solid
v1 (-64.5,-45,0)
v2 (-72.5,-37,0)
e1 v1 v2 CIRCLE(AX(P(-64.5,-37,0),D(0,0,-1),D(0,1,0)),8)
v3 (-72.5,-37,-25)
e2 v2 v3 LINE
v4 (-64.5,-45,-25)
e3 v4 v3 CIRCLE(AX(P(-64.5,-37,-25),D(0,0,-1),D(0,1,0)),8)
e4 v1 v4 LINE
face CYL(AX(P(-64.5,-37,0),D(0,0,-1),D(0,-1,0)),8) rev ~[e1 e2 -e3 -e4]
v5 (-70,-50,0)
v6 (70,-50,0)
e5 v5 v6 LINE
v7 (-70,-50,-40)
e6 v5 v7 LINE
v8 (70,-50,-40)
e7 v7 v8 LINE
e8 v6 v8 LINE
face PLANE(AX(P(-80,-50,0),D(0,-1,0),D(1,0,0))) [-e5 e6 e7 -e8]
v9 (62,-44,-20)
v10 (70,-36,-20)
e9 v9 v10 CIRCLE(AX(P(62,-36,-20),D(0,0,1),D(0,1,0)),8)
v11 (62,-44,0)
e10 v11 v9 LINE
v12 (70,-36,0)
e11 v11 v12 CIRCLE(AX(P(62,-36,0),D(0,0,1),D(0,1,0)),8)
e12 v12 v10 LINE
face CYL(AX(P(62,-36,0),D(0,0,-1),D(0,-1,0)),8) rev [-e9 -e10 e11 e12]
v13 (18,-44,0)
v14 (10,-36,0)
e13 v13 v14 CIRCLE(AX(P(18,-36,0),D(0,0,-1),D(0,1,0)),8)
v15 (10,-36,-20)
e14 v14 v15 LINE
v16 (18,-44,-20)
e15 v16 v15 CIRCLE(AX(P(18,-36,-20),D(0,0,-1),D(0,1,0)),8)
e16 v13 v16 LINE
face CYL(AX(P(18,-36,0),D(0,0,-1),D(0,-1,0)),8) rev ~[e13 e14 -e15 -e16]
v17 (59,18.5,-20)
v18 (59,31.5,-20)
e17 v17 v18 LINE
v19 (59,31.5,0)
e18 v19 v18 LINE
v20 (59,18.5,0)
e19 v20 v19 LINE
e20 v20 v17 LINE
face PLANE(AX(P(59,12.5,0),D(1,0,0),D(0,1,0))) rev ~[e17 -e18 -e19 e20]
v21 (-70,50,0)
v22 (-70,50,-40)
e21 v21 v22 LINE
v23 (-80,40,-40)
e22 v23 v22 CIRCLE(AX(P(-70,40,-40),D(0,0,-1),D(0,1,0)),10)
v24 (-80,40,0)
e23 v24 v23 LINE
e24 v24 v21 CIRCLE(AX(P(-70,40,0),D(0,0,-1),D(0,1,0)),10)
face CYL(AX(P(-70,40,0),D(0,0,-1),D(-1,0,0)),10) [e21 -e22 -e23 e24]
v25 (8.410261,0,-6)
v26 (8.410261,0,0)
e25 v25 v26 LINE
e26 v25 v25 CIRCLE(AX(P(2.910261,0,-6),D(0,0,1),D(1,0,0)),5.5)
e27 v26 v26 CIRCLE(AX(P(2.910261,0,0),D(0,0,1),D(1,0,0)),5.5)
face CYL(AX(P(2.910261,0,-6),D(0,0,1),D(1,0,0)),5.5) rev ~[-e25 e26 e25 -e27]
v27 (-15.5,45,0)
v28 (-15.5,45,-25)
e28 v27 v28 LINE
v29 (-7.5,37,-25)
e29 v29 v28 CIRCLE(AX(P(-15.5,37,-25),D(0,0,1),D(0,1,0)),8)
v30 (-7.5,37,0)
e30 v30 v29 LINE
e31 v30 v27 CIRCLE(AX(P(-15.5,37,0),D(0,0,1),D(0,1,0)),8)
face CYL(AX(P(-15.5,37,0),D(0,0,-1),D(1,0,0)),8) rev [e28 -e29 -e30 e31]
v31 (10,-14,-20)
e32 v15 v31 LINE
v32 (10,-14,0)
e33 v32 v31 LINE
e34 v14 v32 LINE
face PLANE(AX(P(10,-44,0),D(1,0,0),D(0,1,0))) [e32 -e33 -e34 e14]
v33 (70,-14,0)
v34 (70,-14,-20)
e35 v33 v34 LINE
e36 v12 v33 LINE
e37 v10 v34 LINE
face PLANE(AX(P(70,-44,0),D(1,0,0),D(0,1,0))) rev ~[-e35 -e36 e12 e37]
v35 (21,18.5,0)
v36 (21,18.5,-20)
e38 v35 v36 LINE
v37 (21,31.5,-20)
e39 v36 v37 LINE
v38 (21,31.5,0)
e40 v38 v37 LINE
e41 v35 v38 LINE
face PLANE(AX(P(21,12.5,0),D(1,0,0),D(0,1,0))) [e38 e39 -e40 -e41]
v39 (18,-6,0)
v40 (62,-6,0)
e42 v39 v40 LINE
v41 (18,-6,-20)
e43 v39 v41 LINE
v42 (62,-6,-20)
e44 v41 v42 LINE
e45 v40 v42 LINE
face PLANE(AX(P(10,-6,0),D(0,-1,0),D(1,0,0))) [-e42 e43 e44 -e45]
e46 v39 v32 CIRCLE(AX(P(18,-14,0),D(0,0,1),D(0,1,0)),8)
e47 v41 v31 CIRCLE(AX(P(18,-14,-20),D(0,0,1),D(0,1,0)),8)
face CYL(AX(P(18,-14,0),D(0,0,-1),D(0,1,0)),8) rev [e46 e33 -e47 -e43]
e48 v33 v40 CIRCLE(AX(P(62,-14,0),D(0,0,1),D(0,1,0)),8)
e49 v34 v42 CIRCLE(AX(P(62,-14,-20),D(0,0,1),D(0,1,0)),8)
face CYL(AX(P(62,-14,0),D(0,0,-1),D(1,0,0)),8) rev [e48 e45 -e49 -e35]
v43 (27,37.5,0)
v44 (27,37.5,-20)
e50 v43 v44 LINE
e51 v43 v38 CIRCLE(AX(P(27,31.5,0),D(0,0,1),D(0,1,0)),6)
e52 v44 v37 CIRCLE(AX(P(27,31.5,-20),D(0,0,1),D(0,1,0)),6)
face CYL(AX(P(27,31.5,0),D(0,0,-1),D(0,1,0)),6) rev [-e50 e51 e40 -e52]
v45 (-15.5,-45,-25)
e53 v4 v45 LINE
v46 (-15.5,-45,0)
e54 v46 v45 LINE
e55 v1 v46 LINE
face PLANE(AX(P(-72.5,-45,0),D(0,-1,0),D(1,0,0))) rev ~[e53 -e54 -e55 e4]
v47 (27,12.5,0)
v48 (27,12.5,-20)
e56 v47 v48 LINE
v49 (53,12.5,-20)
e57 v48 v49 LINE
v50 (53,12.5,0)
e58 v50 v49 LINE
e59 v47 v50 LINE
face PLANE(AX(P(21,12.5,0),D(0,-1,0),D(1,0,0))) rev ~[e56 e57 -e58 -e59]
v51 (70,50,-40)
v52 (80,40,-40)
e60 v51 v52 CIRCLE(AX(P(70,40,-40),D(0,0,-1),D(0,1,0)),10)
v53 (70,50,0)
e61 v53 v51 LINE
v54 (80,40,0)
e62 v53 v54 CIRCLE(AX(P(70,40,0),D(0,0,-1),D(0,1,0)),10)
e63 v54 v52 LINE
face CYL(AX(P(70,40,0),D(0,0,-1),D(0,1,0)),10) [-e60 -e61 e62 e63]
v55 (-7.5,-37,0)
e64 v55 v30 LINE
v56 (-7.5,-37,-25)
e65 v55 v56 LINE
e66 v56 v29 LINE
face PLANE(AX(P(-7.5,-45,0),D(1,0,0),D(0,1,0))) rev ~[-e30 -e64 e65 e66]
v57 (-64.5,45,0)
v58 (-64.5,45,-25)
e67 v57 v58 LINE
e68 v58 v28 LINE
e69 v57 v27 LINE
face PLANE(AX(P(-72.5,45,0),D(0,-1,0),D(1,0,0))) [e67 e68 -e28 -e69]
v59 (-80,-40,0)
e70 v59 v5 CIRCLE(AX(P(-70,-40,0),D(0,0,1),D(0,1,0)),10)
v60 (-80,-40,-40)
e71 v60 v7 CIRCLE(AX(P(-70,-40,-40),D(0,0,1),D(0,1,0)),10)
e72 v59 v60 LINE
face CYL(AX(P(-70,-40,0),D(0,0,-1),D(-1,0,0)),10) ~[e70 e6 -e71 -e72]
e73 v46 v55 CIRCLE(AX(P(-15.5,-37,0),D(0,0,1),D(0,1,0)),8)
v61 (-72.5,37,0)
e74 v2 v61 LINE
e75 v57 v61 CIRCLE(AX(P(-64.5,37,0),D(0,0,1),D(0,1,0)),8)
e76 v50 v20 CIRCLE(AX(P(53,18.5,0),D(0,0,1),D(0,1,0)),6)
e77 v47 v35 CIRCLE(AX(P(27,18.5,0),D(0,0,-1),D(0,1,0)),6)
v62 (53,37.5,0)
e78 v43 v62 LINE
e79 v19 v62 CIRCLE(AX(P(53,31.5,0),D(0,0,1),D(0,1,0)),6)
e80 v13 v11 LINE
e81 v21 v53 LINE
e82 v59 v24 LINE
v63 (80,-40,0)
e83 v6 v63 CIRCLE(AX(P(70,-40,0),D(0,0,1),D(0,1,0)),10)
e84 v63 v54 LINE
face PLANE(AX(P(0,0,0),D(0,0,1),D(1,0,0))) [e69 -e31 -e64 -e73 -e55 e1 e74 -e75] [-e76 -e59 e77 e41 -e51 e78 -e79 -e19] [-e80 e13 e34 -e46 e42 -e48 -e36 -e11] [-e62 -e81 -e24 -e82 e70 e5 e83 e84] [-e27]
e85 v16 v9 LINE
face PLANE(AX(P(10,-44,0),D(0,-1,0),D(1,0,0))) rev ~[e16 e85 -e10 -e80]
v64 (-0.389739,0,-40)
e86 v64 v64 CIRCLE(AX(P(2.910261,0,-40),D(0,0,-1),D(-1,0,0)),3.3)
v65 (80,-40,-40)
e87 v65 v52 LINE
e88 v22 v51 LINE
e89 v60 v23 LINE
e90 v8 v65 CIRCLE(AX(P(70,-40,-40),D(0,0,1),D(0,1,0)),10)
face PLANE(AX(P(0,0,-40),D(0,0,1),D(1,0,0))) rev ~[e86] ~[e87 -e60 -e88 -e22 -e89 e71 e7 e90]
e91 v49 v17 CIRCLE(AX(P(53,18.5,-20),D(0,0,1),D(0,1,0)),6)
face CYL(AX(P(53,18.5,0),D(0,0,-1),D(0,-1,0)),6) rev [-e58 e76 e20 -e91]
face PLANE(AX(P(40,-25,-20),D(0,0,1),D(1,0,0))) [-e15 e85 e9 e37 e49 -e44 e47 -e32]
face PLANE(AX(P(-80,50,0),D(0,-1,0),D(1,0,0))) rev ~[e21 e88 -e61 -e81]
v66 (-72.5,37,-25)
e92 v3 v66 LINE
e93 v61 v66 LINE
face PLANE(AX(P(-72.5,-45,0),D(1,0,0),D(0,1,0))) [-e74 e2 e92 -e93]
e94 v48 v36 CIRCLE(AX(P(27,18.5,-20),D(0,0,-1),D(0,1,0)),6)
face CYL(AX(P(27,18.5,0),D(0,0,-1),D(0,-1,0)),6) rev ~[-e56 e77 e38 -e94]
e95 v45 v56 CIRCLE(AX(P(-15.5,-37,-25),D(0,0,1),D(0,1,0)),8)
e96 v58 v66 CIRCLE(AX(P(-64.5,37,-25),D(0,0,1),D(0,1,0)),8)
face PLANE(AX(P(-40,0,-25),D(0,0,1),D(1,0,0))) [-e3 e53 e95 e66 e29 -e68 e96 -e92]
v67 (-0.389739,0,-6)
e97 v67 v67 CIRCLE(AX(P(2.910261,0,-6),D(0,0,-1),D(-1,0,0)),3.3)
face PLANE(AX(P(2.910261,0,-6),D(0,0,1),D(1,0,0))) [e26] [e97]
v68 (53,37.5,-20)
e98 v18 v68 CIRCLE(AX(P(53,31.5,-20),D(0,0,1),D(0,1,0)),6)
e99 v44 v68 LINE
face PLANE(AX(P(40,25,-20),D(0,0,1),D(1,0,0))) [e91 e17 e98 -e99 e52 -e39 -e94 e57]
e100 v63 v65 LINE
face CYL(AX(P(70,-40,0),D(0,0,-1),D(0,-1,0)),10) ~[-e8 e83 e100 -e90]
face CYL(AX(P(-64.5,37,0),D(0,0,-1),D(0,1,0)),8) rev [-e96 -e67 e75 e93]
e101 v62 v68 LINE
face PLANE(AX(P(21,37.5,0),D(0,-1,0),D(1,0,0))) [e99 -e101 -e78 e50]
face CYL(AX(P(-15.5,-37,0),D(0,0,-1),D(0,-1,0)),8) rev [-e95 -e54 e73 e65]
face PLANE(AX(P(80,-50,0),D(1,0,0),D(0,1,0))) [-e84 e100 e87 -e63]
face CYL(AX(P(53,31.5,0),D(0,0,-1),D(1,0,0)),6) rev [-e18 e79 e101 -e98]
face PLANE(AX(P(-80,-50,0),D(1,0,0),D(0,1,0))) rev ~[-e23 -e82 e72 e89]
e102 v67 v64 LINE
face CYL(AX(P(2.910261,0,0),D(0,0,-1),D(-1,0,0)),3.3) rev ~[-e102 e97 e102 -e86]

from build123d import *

# Parameters (mm, degrees)
SKETCH1_W                      = 160
SKETCH1_H                      = 100
BOSS_EXTRUDE1_DEPTH            = 40
SKETCH2_W                      = 65
SKETCH2_H                      = 90
CUT_EXTRUDE1_DEPTH             = 25
FILLET1_R                      = 8
SKETCH3_W                      = 60
SKETCH3_H                      = 38
SKETCH3_W_2                    = 38
SKETCH3_H_2                    = 25
CUT_EXTRUDE2_DEPTH             = 20
FILLET2_R                      = 6
FILLET3_R                      = 8
FILLET4_R                      = 10
CBORE_FOR_M6_SHCS1_D           = 6.6
CBORE_FOR_M6_SHCS1_CBORE_D     = 11
CBORE_FOR_M6_SHCS1_CBORE_DEPTH = 6


with BuildPart() as part:
    # Sketch1 → Boss-Extrude1 (new body)
    with BuildSketch(Plane.XY):
        Rectangle(SKETCH1_W, SKETCH1_H)
    extrude(amount=-BOSS_EXTRUDE1_DEPTH)

    # Sketch2 → Cut-Extrude1 (cut)
    with BuildSketch(Plane.XY):
        with Locations((-40, 0)):
            Rectangle(SKETCH2_W, SKETCH2_H)
    extrude(amount=-CUT_EXTRUDE1_DEPTH, mode=Mode.SUBTRACT)

    # Fillet1
    fillet1_edges = [part.edges().sort_by_distance(p)[0] for p in [
        (-7.5, 45, -12.5),
        (-7.5, -45, -12.5),
        (-72.5, -45, -12.5),
        (-72.5, 45, -12.5),
    ]]
    fillet(fillet1_edges, radius=FILLET1_R)

    # Sketch3 → Cut-Extrude2 (cut)
    with BuildSketch(Plane.XY):
        with Locations((40, -25)):
            Rectangle(SKETCH3_W, SKETCH3_H)
        with Locations((40, 25)):
            Rectangle(SKETCH3_W_2, SKETCH3_H_2)
    extrude(amount=-CUT_EXTRUDE2_DEPTH, mode=Mode.SUBTRACT)

    # Fillet2
    fillet2_edges = [part.edges().sort_by_distance(p)[0] for p in [
        (59, 37.5, -10),
        (59, 12.5, -10),
        (21, 12.5, -10),
        (21, 37.5, -10),
    ]]
    fillet(fillet2_edges, radius=FILLET2_R)

    # Fillet3
    fillet3_edges = [part.edges().sort_by_distance(p)[0] for p in [
        (70, -6, -10),
        (70, -44, -10),
        (10, -44, -10),
        (10, -6, -10),
    ]]
    fillet(fillet3_edges, radius=FILLET3_R)

    # Fillet4
    fillet4_edges = [part.edges().sort_by_distance(p)[0] for p in [
        (80, -50, -20),
        (-80, -50, -20),
        (-80, 50, -20),
        (80, 50, -20),
    ]]
    fillet(fillet4_edges, radius=FILLET4_R)

    # CBORE for M6 SHCS1 (through all)
    with Locations(Plane.XY):
        with Locations((2.910260727, 0)):
            CounterBoreHole(CBORE_FOR_M6_SHCS1_D / 2, CBORE_FOR_M6_SHCS1_CBORE_D / 2, CBORE_FOR_M6_SHCS1_CBORE_DEPTH)


solid = part.part
